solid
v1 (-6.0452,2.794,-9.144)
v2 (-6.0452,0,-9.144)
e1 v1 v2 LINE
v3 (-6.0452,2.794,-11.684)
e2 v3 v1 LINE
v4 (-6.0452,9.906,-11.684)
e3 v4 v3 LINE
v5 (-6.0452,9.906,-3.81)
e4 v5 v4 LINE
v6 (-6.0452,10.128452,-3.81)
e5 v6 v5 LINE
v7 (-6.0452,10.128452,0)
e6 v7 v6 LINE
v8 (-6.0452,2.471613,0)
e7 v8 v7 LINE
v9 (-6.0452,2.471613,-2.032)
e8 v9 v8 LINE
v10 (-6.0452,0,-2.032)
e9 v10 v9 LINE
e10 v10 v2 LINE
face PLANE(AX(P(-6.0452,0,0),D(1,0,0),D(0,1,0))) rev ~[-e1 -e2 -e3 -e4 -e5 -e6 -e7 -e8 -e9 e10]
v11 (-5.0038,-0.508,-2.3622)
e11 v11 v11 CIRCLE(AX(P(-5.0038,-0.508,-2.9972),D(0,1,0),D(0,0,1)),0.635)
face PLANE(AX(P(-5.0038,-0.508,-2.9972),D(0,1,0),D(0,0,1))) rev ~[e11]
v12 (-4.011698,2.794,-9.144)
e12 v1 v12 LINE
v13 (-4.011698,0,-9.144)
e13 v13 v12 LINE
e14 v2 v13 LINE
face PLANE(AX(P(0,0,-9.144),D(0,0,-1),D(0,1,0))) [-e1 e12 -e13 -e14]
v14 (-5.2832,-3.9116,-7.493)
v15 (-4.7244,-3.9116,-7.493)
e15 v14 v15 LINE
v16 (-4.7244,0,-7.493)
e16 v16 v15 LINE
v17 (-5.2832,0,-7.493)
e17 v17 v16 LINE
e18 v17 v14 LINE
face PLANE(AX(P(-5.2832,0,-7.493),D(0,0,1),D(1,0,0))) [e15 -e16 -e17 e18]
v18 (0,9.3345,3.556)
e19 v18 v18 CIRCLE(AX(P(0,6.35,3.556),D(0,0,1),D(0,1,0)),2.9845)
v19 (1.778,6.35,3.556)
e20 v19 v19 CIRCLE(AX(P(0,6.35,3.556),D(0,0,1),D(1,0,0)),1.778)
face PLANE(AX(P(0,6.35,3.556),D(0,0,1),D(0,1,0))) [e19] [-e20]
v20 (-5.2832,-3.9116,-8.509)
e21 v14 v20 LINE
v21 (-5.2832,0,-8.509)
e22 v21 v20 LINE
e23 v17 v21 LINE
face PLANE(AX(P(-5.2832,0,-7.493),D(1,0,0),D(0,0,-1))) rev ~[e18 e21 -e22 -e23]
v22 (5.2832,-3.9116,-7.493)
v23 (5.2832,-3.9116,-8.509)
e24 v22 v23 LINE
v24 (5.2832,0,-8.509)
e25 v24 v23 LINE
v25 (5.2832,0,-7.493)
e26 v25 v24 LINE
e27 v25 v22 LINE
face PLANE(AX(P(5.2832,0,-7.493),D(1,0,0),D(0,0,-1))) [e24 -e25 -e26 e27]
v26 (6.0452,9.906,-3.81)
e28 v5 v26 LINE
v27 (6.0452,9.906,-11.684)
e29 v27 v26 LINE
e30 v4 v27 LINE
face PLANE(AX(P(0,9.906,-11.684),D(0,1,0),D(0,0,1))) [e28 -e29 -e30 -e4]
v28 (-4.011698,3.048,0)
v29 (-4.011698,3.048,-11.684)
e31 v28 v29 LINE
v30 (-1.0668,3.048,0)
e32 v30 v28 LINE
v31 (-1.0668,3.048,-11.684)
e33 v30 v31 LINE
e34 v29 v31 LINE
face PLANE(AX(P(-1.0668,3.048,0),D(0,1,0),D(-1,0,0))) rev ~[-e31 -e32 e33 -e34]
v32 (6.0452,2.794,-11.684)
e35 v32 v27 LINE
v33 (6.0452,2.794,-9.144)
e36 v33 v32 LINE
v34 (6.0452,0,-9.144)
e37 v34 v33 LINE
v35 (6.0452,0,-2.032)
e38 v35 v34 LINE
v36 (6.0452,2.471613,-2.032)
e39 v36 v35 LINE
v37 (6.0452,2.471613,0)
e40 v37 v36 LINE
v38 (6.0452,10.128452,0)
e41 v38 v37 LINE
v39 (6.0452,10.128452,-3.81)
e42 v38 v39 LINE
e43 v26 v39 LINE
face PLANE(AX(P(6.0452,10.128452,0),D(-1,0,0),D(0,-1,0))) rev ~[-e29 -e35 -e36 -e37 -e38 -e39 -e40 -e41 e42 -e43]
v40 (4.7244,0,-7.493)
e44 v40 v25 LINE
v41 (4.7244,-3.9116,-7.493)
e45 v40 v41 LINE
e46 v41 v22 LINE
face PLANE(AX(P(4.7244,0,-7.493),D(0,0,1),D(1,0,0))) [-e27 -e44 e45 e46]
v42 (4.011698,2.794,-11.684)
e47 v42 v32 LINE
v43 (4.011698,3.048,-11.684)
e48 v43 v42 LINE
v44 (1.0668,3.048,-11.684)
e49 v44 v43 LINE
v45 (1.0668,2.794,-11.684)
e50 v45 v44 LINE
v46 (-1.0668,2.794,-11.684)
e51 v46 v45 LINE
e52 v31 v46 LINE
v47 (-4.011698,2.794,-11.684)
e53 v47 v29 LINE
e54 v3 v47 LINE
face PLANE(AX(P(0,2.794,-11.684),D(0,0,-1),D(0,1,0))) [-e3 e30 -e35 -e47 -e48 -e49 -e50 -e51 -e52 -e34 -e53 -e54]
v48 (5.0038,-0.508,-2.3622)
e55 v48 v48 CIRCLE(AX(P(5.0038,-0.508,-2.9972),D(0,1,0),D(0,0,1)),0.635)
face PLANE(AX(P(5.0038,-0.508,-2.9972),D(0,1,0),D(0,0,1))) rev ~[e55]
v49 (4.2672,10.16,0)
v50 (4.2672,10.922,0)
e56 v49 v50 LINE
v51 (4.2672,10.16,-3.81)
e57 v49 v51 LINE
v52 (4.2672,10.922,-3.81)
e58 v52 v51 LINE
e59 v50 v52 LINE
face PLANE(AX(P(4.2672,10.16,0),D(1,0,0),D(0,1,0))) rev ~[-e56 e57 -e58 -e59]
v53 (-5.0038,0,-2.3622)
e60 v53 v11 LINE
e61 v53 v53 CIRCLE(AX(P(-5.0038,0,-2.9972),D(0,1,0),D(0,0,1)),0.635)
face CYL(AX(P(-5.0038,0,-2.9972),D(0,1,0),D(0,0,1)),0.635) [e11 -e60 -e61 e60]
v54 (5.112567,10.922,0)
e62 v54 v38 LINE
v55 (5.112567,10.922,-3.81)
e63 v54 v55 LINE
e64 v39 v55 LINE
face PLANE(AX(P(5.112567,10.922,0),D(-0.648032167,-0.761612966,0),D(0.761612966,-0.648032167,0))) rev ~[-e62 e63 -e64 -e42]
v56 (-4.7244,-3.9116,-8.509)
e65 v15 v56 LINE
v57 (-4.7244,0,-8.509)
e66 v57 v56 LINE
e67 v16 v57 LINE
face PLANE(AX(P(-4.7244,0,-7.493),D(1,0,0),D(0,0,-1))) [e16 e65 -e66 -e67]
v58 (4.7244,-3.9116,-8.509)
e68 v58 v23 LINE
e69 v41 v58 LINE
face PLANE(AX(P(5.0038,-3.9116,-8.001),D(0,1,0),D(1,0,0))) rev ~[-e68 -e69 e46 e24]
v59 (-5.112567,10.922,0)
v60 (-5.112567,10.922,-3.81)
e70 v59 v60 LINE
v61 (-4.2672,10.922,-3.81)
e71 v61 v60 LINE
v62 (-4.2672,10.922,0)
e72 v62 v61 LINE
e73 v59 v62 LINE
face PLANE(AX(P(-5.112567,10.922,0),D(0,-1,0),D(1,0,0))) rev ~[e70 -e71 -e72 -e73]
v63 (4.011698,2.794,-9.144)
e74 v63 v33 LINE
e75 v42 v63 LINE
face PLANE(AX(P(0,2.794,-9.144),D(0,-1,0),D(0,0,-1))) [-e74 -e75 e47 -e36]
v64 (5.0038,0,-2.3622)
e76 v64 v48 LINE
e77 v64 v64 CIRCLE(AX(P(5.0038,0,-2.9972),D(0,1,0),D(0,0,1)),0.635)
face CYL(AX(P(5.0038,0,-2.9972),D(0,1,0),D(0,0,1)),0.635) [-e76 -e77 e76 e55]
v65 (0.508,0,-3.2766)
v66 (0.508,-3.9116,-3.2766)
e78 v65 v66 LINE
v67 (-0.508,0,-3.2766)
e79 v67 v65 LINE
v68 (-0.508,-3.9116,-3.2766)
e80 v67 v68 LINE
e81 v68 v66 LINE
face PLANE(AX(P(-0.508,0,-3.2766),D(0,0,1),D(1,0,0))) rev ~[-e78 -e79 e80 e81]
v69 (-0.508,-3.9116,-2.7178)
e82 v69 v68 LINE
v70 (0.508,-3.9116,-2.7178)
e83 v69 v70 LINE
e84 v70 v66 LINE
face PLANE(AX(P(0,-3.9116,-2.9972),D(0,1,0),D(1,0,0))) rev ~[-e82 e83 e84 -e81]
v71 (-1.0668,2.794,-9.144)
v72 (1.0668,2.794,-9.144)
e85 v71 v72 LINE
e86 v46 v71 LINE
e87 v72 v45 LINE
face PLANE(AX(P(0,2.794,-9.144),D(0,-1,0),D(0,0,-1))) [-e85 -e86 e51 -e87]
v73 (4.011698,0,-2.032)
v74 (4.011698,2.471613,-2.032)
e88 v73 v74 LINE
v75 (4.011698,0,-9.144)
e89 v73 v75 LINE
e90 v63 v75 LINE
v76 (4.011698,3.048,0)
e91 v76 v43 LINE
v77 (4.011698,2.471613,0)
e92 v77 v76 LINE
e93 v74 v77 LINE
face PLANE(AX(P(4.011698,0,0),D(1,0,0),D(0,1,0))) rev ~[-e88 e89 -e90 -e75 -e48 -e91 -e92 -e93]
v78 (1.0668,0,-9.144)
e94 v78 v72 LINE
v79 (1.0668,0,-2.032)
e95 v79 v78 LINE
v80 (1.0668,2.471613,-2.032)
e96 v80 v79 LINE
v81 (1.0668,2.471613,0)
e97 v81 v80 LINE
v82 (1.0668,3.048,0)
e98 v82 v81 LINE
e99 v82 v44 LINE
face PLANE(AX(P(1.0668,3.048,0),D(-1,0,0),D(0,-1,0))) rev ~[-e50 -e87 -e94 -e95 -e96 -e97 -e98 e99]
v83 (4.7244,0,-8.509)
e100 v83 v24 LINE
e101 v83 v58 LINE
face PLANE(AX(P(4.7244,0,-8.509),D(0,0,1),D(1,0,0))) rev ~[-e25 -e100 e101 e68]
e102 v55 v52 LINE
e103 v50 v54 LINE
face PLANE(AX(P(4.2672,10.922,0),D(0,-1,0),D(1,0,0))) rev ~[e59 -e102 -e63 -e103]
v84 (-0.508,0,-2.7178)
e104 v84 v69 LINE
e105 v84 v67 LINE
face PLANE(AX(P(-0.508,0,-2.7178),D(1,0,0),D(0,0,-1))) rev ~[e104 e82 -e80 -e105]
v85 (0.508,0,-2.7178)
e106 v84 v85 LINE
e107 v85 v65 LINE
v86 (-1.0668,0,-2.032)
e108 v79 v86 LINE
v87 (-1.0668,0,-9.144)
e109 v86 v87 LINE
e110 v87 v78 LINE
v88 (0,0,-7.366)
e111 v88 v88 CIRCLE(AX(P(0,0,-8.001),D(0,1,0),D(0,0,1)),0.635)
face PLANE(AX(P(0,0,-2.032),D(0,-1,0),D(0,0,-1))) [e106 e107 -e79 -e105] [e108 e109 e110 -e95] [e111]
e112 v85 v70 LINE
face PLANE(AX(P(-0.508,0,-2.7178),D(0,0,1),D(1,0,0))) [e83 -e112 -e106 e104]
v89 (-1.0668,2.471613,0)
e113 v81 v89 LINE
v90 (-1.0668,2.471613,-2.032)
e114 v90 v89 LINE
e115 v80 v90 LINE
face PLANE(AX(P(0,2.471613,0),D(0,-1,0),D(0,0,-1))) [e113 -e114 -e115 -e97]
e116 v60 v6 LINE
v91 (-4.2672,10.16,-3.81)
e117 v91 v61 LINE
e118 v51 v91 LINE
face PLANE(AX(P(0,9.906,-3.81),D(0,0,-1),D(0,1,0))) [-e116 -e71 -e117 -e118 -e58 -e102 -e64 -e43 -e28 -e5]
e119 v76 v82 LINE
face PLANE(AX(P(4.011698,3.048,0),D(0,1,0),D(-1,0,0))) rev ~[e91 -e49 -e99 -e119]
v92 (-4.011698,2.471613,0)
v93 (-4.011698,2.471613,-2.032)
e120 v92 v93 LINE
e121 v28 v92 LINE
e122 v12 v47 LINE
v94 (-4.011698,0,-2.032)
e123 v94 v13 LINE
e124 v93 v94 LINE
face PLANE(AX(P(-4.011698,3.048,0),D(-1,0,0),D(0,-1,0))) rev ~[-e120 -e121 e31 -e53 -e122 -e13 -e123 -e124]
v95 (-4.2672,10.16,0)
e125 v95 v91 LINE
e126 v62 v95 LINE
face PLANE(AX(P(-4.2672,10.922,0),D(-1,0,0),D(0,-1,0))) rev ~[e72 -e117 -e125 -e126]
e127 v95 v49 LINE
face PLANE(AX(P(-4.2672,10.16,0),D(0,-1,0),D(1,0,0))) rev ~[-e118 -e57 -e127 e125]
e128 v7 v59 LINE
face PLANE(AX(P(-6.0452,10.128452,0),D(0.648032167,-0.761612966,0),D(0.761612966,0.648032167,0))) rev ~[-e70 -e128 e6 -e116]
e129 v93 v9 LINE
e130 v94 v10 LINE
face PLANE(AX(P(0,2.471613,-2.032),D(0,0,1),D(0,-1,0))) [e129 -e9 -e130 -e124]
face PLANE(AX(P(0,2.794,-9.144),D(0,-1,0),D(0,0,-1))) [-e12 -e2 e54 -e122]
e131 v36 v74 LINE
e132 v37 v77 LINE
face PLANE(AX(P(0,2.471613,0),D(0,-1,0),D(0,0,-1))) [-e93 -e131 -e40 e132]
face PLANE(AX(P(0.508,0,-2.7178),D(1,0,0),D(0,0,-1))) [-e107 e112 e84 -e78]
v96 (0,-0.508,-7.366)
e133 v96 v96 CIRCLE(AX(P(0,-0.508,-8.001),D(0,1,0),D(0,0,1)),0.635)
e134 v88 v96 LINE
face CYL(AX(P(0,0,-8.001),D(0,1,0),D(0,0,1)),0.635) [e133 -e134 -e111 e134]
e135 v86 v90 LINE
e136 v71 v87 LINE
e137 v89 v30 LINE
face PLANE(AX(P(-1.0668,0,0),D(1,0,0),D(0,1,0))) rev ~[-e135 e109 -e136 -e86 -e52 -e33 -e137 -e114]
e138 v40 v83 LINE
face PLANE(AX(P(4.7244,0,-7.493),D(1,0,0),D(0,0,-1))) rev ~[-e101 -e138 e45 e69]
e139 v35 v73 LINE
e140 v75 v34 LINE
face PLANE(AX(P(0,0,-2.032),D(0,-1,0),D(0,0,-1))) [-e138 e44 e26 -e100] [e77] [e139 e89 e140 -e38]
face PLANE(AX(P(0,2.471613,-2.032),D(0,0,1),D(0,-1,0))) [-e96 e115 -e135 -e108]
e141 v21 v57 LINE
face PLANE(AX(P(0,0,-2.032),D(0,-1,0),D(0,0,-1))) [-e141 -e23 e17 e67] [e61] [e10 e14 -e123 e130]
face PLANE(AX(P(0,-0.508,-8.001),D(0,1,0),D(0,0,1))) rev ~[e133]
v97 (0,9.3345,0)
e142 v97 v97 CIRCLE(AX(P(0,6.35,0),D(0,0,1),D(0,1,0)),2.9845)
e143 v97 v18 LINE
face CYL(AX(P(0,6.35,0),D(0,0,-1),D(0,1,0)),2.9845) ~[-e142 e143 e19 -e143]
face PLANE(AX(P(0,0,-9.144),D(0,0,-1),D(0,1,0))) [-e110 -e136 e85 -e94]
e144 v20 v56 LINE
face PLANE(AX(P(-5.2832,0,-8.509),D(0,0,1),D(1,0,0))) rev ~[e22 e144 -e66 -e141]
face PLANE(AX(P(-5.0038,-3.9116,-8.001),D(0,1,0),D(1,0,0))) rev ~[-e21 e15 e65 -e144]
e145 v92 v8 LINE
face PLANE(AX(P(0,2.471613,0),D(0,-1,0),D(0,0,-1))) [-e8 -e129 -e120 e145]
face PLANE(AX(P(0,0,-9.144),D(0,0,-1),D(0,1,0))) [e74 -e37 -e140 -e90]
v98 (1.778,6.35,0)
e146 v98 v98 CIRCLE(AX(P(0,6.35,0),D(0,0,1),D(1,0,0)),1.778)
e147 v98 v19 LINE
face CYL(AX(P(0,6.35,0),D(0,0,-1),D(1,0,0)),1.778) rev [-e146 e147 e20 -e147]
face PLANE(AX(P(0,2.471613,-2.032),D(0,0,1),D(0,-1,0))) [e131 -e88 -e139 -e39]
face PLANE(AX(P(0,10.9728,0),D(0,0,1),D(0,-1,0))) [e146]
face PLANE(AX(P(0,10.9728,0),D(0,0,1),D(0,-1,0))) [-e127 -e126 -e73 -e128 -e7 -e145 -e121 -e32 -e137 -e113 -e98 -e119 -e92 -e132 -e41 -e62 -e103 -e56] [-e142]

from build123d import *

# Parameters (mm, degrees)
EXTRUDE2_DEPTH     = 6.35
SKETCH3_OUTSIDE_W  = 18.79
SKETCH3_OUTSIDE_H  = 17.063
CUT_EXTRUDE1_DEPTH = 18.24066982
SKETCH6_R          = 2.9845
SKETCH6_R_2        = 1.778
EXTRUDE4_DEPTH     = 3.556
SKETCH7_R          = 0.635
EXTRUDE5_DEPTH     = 0.508
SKETCH8_W          = 1.016
SKETCH8_H          = 0.5588
SKETCH8_W_2        = 0.5588
SKETCH8_H_2        = 1.016
EXTRUDE6_DEPTH     = 3.9116


with BuildPart() as part:
    # Sketch2 → Extrude2 (new, symmetric)
    with BuildSketch(Plane(origin=(0, 0, 0), x_dir=(0, 0, -1), z_dir=(1, 0, 0))):
        Polygon((2.032, 0), (9.144, 0), (9.144, 2.794), (11.684, 2.794), (11.684, 9.906), (3.81, 9.906), (3.81, 10.9728), (0, 10.9728), (0, 2.471612931), (2.032, 2.471612931), align=None)
    extrude(amount=EXTRUDE2_DEPTH, both=True)

    # Sketch3 outside → Cut-Extrude1 (cut, through all)
    with BuildSketch(Plane.XY):
        with Locations((0, 5.4865)):
            Rectangle(SKETCH3_OUTSIDE_W, SKETCH3_OUTSIDE_H)
        Polygon((-4.011698259, 0), (-6.0452, 0), (-6.0452, 10.128452415), (-5.112567083, 10.922), (-4.2672, 10.922), (-4.2672, 10.16), (4.2672, 10.16), (4.2672, 10.922), (5.112567083, 10.922), (6.0452, 10.128452415), (6.0452, 0), (4.011698259, 0), (4.011698259, 3.048), (1.0668, 3.048), (1.0668, 0), (-1.0668, 0), (-1.0668, 3.048), (-4.011698259, 3.048), align=None, mode=Mode.SUBTRACT)
    extrude(amount=-CUT_EXTRUDE1_DEPTH, mode=Mode.SUBTRACT)

    # Sketch6 → Extrude4 (add)
    with BuildSketch(Plane.XY):
        with Locations(Location((0, 6.35, 0), (0, 0, 90))):
            Circle(SKETCH6_R)
        with Locations((0, 6.35)):
            Circle(SKETCH6_R_2, mode=Mode.SUBTRACT)
    extrude(amount=EXTRUDE4_DEPTH)

    # Sketch7 → Extrude5 (add)
    with BuildSketch(Plane(origin=(0, 0, 0), x_dir=(1, 0, 0), z_dir=(0, 1, 0))):
        with Locations(Location((0, 8.001, 0), (0, 0, 270))):
            Circle(SKETCH7_R)
        with Locations(Location((5.0038, 2.9972, 0), (0, 0, 270))):
            Circle(SKETCH7_R)
        with Locations(Location((-5.0038, 2.9972, 0), (0, 0, 270))):
            Circle(SKETCH7_R)
    extrude(amount=-EXTRUDE5_DEPTH)

    # Sketch8 → Extrude6 (add)
    with BuildSketch(Plane(origin=(0, 0, 0), x_dir=(1, 0, 0), z_dir=(0, 1, 0))):
        with Locations((0, 2.9972)):
            Rectangle(SKETCH8_W, SKETCH8_H)
        with Locations((-5.0038, 8.001)):
            Rectangle(SKETCH8_W_2, SKETCH8_H_2)
        with Locations((5.0038, 8.001)):
            Rectangle(SKETCH8_W_2, SKETCH8_H_2)
    extrude(amount=-EXTRUDE6_DEPTH)


solid = part.part
